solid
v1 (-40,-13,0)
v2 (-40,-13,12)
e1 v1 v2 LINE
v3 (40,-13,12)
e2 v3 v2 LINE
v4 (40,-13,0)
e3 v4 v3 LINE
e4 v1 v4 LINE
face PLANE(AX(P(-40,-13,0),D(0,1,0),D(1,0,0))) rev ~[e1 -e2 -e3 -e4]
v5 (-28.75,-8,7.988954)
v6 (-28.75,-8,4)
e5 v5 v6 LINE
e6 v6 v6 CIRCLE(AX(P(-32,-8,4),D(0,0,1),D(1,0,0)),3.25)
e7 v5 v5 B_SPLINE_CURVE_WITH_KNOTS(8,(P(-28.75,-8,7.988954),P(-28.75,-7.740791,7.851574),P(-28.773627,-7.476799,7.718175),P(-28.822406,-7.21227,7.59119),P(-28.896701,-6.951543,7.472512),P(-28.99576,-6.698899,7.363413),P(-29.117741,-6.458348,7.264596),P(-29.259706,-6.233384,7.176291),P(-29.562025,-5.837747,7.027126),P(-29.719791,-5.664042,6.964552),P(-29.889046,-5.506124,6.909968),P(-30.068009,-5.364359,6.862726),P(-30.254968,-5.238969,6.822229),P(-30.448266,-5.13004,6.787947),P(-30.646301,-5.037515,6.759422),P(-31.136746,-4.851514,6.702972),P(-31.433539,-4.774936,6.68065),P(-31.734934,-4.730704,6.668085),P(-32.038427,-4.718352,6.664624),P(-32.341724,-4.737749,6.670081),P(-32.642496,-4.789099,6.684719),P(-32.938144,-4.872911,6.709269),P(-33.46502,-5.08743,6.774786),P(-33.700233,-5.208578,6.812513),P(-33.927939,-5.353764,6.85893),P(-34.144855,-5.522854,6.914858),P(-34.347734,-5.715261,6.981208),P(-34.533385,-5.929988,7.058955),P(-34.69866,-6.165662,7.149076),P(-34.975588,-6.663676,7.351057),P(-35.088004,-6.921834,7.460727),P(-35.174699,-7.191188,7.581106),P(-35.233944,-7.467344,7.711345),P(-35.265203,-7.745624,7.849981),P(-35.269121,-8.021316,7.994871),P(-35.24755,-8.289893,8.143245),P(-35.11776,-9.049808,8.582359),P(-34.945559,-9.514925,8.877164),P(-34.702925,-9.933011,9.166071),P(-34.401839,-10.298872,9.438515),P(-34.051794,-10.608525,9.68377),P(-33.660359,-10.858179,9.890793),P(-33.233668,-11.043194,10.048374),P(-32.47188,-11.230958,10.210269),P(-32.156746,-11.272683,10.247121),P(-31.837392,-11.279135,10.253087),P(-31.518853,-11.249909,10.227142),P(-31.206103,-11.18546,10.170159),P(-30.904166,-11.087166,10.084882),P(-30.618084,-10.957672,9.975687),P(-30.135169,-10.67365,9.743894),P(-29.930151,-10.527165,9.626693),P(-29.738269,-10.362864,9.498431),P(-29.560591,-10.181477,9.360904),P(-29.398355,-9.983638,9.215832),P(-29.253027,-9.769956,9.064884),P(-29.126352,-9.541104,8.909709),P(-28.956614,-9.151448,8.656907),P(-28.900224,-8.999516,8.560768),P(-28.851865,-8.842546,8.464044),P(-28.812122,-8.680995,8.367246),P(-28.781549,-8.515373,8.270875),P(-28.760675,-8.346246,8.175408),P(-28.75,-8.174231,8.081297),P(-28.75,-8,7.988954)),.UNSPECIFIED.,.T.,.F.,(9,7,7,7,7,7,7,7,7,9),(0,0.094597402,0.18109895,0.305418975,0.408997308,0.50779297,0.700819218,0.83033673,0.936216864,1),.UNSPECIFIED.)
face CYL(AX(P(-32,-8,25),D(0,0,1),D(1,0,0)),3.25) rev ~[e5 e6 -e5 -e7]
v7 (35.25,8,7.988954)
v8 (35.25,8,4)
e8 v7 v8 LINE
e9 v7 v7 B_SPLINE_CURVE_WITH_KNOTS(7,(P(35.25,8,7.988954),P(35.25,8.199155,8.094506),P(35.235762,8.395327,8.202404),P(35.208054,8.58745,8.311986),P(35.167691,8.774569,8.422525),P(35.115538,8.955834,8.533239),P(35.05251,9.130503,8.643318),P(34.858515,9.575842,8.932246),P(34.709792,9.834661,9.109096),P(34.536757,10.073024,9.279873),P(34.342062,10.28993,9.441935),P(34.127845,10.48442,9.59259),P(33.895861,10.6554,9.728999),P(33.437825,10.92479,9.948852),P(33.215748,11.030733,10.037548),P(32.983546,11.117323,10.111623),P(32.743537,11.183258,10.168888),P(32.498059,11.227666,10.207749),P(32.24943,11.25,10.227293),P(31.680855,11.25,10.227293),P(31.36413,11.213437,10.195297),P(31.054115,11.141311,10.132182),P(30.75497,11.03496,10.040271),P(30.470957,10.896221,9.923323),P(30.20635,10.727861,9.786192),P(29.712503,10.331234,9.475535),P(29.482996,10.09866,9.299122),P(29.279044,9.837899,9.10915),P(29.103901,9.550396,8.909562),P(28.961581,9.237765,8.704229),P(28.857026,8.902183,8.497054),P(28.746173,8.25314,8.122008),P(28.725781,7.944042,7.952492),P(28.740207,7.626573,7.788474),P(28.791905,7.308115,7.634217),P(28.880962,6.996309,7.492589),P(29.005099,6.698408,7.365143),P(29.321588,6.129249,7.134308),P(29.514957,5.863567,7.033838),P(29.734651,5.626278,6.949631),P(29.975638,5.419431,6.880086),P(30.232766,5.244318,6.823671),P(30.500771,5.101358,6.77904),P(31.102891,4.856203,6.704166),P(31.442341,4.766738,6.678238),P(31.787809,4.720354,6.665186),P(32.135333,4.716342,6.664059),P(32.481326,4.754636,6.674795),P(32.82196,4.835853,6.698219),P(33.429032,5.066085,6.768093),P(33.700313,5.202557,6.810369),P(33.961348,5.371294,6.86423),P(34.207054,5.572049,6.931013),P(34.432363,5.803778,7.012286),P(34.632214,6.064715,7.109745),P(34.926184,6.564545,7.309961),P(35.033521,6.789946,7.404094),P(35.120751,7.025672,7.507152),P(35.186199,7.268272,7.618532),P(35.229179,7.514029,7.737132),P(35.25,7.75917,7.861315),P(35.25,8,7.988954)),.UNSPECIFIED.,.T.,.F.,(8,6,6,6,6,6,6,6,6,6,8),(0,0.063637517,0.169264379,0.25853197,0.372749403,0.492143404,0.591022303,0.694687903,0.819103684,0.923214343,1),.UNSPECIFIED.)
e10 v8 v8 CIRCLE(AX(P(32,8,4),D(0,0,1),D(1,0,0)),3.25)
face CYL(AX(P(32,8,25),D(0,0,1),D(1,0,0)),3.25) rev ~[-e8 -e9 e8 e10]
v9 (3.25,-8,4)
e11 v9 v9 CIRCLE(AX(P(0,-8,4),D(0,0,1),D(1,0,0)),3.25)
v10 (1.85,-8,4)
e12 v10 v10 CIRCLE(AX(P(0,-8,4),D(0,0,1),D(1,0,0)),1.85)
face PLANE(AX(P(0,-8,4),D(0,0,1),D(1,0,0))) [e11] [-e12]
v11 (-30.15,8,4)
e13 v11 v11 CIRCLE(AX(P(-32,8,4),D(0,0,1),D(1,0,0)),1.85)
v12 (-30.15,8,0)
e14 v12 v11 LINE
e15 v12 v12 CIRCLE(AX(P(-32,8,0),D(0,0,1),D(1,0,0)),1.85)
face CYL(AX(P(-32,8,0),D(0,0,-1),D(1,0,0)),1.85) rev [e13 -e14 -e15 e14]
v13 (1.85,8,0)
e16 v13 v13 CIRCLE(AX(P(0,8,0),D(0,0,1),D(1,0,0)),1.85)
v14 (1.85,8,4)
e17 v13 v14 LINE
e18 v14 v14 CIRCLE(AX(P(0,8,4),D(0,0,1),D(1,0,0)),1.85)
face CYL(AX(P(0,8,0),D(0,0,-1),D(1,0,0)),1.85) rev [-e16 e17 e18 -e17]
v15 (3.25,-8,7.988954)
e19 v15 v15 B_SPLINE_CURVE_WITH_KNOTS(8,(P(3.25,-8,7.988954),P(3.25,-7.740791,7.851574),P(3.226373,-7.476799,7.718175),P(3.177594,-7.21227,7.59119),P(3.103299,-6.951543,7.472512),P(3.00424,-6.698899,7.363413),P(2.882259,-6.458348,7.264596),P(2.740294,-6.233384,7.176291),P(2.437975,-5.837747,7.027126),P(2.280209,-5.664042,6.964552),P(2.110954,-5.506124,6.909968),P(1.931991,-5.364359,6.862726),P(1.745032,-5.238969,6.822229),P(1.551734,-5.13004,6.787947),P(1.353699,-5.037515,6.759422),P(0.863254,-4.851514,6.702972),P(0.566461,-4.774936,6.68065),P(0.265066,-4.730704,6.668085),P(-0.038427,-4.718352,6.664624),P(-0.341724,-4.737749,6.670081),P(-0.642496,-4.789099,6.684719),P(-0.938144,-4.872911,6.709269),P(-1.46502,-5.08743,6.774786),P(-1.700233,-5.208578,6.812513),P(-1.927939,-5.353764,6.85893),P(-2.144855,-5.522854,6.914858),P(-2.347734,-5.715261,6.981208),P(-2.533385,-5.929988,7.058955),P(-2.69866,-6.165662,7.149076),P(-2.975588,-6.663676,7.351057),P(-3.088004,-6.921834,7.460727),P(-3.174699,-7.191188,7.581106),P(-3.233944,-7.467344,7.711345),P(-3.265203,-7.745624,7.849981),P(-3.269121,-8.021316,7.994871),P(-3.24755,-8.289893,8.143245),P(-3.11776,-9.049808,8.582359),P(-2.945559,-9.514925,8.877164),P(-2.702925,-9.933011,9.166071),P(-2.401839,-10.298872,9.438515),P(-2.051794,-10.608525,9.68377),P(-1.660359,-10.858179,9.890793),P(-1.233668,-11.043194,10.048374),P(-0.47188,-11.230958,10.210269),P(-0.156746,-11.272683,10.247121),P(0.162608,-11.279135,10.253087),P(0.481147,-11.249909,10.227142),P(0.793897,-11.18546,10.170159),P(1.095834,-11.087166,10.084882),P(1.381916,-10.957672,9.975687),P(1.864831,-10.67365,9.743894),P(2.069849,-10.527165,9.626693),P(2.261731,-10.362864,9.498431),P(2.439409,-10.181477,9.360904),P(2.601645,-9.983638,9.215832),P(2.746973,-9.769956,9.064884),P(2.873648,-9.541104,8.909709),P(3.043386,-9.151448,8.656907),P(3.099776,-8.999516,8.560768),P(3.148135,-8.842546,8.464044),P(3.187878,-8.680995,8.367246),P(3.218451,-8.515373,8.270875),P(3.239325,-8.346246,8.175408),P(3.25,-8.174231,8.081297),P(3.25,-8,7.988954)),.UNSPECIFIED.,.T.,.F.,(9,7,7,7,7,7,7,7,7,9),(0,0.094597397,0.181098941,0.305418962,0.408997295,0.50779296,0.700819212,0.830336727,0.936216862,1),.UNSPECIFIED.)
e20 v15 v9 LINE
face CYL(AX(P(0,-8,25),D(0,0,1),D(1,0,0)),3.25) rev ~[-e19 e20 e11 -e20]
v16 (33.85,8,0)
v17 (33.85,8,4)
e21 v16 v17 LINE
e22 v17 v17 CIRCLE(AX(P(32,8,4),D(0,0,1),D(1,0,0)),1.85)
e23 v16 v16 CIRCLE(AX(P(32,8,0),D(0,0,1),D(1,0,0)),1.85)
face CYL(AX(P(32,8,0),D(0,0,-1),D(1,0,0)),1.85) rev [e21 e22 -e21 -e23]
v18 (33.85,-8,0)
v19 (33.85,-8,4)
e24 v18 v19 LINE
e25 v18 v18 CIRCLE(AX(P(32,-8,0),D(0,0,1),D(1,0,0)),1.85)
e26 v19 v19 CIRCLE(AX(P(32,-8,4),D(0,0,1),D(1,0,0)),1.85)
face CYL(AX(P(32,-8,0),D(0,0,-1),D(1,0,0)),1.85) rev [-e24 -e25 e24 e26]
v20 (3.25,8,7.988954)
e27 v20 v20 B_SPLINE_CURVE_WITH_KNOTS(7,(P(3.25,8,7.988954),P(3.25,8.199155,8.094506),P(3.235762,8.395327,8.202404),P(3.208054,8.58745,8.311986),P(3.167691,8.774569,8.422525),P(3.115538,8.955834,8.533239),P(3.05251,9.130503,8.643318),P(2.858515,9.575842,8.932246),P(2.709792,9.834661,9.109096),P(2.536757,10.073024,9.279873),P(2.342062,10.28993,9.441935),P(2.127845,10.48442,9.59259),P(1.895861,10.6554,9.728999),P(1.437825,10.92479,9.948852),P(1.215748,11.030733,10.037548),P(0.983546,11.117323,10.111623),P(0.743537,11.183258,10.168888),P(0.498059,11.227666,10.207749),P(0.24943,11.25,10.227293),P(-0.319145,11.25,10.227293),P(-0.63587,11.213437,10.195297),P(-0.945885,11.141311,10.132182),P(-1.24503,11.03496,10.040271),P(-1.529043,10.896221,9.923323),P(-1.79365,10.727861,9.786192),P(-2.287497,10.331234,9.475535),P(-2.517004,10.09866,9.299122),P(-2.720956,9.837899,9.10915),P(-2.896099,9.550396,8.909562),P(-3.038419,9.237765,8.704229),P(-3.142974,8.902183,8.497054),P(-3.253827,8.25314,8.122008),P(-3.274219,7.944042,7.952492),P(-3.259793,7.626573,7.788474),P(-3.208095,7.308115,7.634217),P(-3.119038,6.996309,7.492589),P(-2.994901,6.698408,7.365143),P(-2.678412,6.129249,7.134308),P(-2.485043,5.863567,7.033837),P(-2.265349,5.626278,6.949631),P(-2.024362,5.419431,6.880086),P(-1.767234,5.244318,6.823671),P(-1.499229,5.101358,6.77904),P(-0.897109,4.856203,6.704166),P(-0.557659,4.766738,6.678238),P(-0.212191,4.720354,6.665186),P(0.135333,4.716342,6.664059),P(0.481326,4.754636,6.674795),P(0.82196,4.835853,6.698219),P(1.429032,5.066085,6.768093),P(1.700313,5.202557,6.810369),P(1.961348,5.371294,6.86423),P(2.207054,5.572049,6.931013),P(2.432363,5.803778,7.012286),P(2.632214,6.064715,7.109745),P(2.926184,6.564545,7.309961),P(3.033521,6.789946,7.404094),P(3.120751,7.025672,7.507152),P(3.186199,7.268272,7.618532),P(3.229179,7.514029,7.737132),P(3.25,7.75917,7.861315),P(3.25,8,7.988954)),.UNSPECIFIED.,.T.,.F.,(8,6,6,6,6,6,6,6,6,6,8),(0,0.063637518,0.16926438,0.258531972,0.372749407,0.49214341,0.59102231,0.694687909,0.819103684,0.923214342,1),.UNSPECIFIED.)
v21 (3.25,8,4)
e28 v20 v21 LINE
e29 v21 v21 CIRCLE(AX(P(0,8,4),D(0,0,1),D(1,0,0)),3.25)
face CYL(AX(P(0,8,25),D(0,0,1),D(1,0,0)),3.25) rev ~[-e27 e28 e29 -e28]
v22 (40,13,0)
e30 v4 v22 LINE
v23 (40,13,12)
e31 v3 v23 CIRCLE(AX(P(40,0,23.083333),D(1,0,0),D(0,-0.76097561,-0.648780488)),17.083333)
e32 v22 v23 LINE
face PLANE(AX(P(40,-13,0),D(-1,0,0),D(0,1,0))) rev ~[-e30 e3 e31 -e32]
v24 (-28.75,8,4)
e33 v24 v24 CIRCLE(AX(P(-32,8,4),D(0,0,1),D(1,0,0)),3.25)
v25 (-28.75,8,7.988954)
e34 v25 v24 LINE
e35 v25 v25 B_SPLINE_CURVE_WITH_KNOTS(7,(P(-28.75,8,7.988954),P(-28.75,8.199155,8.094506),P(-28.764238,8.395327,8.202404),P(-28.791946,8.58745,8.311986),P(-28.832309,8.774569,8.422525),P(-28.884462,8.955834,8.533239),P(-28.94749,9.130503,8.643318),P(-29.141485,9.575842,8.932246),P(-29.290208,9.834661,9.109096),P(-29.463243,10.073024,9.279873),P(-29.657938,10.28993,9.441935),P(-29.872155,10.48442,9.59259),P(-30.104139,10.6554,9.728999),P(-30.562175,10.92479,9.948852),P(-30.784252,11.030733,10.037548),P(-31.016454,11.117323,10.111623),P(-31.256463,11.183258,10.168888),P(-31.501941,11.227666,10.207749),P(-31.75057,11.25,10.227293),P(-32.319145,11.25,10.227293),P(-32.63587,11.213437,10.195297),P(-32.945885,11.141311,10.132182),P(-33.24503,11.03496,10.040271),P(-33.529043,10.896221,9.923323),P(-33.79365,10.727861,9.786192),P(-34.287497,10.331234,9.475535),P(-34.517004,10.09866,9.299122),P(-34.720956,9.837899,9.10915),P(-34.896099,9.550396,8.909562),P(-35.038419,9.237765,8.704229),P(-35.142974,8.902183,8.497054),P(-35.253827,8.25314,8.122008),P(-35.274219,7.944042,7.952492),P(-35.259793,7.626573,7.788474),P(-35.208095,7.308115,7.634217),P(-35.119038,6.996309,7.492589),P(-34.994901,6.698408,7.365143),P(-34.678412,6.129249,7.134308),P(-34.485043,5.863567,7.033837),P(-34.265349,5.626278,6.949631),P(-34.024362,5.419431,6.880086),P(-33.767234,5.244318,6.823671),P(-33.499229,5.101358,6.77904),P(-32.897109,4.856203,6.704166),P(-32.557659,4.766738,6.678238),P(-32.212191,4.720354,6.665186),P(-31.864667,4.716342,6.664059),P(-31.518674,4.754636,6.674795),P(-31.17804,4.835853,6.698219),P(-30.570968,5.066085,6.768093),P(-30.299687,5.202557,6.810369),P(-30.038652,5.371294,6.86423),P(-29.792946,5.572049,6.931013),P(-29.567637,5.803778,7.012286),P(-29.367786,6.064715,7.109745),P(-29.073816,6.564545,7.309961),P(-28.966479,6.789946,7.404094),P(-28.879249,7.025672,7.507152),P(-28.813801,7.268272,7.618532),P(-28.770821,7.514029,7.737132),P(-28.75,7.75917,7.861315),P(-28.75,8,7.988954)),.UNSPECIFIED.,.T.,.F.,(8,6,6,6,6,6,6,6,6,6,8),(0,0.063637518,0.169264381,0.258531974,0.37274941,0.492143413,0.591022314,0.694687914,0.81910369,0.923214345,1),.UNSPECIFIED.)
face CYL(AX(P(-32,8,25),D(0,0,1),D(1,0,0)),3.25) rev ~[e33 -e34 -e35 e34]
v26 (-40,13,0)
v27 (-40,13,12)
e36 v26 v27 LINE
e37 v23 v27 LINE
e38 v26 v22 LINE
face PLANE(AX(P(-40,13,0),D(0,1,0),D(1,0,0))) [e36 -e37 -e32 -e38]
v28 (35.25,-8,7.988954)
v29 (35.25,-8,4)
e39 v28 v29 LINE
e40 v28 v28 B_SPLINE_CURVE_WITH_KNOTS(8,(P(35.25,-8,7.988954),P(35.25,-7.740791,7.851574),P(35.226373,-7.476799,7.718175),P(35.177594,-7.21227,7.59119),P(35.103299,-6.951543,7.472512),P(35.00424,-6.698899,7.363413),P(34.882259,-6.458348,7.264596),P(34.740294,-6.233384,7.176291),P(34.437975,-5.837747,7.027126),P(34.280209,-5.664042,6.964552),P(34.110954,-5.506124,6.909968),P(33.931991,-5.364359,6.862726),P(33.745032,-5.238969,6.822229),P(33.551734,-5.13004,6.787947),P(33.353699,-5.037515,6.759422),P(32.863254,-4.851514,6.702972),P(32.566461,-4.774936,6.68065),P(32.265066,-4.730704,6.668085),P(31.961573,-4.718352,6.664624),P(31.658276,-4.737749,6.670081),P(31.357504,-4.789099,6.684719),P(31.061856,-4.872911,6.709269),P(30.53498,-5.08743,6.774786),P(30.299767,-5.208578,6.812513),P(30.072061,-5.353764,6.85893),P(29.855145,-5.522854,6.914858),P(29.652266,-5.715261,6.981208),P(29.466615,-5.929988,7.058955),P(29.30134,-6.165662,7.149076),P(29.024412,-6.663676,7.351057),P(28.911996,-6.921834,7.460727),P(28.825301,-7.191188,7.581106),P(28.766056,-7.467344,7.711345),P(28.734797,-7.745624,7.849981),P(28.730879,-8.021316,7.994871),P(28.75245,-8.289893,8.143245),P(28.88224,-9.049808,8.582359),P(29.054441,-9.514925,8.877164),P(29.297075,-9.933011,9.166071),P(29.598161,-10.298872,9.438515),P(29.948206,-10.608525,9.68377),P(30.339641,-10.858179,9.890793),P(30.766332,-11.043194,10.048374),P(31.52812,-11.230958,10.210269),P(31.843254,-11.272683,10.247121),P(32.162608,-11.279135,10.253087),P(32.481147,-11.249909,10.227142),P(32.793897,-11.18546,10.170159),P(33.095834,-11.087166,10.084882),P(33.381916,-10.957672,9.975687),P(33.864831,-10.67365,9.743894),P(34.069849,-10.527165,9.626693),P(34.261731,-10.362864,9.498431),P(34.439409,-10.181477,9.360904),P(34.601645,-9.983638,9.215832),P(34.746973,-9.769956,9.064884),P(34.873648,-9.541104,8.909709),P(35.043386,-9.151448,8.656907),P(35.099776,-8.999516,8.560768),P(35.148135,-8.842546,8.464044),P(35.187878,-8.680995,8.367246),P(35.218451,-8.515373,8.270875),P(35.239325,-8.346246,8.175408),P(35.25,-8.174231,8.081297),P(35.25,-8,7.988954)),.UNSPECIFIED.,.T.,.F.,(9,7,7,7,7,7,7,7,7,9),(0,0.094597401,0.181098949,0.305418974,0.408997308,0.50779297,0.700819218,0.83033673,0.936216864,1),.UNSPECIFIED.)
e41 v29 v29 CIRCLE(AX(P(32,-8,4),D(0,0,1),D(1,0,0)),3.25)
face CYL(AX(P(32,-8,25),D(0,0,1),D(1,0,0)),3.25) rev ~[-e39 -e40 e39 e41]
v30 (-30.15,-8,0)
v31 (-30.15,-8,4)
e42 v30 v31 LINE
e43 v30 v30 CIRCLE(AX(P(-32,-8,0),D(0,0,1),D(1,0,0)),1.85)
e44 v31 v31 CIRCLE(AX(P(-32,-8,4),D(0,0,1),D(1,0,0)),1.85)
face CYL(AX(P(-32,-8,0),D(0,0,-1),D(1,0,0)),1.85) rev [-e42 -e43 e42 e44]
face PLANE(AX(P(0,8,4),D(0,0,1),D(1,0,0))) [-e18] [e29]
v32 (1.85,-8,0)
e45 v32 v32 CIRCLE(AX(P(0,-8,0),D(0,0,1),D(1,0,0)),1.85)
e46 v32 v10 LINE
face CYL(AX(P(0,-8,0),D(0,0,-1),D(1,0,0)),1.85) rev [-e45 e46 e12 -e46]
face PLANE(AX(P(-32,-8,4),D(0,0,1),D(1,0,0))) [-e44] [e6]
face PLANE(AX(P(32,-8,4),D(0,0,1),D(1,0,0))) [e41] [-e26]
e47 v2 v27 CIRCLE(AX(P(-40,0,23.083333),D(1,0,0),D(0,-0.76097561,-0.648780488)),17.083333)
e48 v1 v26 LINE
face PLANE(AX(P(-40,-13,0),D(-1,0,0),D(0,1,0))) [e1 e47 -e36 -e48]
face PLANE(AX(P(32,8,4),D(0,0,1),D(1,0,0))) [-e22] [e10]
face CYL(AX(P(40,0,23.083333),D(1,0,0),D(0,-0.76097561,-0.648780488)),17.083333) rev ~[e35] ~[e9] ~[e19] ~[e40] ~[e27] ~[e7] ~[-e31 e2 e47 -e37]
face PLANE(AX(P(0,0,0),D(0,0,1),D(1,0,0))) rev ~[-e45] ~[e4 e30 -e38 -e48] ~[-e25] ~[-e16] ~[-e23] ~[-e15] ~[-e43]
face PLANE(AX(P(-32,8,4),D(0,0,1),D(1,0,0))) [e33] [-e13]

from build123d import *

# Parameters (mm, degrees)
F0_W     = 80
F0_H     = 26
F0_R     = 1.85
F1_DEPTH = 25
F3_R     = 3.25
F3_R_2   = 1.85
F4_DEPTH = 21
F5_DEPTH = 100


with BuildPart() as f1:
    # F0 (on Top) → F1 (new body)
    with BuildSketch(Plane.XY):
        Rectangle(F0_W, F0_H)
        with Locations((-32, -8)):
            Circle(F0_R, mode=Mode.SUBTRACT)
        with Locations((0, -8)):
            Circle(F0_R, mode=Mode.SUBTRACT)
        with Locations((32, -8)):
            Circle(F0_R, mode=Mode.SUBTRACT)
        with Locations((-32, 8)):
            Circle(F0_R, mode=Mode.SUBTRACT)
        with Locations((0, 8)):
            Circle(F0_R, mode=Mode.SUBTRACT)
        with Locations((32, 8)):
            Circle(F0_R, mode=Mode.SUBTRACT)
    extrude(amount=F1_DEPTH)

    # F3 (on face) → F4 (cut)
    with BuildSketch(Plane.XY.offset(25)):
        with Locations((-32, -8)):
            Circle(F3_R)
        with Locations((-32, -8)):
            Circle(F3_R_2, mode=Mode.SUBTRACT)
        with Locations((-32, 8)):
            Circle(F3_R)
        with Locations((-32, 8)):
            Circle(F3_R_2, mode=Mode.SUBTRACT)
        with Locations((0, 8)):
            Circle(F3_R)
        with Locations((0, 8)):
            Circle(F3_R_2, mode=Mode.SUBTRACT)
        with Locations((0, -8)):
            Circle(F3_R)
        with Locations((0, -8)):
            Circle(F3_R_2, mode=Mode.SUBTRACT)
        with Locations((32, 8)):
            Circle(F3_R)
        with Locations((32, 8)):
            Circle(F3_R_2, mode=Mode.SUBTRACT)
        with Locations((32, -8)):
            Circle(F3_R)
        with Locations((32, -8)):
            Circle(F3_R_2, mode=Mode.SUBTRACT)
    extrude(amount=-F4_DEPTH, mode=Mode.SUBTRACT)

    # F2 (on face) → F5 (cut)
    with BuildSketch(Plane.YZ.offset(40)):
        with BuildLine():
            Line((-13, 25), (-13, 12))
            ThreePointArc((-13, 12), (0, 6), (13, 12))
            Line((13, 12), (13, 25))
            Line((13, 25), (-13, 25))
        make_face()
    extrude(amount=-F5_DEPTH, mode=Mode.SUBTRACT)


solid = f1.part
